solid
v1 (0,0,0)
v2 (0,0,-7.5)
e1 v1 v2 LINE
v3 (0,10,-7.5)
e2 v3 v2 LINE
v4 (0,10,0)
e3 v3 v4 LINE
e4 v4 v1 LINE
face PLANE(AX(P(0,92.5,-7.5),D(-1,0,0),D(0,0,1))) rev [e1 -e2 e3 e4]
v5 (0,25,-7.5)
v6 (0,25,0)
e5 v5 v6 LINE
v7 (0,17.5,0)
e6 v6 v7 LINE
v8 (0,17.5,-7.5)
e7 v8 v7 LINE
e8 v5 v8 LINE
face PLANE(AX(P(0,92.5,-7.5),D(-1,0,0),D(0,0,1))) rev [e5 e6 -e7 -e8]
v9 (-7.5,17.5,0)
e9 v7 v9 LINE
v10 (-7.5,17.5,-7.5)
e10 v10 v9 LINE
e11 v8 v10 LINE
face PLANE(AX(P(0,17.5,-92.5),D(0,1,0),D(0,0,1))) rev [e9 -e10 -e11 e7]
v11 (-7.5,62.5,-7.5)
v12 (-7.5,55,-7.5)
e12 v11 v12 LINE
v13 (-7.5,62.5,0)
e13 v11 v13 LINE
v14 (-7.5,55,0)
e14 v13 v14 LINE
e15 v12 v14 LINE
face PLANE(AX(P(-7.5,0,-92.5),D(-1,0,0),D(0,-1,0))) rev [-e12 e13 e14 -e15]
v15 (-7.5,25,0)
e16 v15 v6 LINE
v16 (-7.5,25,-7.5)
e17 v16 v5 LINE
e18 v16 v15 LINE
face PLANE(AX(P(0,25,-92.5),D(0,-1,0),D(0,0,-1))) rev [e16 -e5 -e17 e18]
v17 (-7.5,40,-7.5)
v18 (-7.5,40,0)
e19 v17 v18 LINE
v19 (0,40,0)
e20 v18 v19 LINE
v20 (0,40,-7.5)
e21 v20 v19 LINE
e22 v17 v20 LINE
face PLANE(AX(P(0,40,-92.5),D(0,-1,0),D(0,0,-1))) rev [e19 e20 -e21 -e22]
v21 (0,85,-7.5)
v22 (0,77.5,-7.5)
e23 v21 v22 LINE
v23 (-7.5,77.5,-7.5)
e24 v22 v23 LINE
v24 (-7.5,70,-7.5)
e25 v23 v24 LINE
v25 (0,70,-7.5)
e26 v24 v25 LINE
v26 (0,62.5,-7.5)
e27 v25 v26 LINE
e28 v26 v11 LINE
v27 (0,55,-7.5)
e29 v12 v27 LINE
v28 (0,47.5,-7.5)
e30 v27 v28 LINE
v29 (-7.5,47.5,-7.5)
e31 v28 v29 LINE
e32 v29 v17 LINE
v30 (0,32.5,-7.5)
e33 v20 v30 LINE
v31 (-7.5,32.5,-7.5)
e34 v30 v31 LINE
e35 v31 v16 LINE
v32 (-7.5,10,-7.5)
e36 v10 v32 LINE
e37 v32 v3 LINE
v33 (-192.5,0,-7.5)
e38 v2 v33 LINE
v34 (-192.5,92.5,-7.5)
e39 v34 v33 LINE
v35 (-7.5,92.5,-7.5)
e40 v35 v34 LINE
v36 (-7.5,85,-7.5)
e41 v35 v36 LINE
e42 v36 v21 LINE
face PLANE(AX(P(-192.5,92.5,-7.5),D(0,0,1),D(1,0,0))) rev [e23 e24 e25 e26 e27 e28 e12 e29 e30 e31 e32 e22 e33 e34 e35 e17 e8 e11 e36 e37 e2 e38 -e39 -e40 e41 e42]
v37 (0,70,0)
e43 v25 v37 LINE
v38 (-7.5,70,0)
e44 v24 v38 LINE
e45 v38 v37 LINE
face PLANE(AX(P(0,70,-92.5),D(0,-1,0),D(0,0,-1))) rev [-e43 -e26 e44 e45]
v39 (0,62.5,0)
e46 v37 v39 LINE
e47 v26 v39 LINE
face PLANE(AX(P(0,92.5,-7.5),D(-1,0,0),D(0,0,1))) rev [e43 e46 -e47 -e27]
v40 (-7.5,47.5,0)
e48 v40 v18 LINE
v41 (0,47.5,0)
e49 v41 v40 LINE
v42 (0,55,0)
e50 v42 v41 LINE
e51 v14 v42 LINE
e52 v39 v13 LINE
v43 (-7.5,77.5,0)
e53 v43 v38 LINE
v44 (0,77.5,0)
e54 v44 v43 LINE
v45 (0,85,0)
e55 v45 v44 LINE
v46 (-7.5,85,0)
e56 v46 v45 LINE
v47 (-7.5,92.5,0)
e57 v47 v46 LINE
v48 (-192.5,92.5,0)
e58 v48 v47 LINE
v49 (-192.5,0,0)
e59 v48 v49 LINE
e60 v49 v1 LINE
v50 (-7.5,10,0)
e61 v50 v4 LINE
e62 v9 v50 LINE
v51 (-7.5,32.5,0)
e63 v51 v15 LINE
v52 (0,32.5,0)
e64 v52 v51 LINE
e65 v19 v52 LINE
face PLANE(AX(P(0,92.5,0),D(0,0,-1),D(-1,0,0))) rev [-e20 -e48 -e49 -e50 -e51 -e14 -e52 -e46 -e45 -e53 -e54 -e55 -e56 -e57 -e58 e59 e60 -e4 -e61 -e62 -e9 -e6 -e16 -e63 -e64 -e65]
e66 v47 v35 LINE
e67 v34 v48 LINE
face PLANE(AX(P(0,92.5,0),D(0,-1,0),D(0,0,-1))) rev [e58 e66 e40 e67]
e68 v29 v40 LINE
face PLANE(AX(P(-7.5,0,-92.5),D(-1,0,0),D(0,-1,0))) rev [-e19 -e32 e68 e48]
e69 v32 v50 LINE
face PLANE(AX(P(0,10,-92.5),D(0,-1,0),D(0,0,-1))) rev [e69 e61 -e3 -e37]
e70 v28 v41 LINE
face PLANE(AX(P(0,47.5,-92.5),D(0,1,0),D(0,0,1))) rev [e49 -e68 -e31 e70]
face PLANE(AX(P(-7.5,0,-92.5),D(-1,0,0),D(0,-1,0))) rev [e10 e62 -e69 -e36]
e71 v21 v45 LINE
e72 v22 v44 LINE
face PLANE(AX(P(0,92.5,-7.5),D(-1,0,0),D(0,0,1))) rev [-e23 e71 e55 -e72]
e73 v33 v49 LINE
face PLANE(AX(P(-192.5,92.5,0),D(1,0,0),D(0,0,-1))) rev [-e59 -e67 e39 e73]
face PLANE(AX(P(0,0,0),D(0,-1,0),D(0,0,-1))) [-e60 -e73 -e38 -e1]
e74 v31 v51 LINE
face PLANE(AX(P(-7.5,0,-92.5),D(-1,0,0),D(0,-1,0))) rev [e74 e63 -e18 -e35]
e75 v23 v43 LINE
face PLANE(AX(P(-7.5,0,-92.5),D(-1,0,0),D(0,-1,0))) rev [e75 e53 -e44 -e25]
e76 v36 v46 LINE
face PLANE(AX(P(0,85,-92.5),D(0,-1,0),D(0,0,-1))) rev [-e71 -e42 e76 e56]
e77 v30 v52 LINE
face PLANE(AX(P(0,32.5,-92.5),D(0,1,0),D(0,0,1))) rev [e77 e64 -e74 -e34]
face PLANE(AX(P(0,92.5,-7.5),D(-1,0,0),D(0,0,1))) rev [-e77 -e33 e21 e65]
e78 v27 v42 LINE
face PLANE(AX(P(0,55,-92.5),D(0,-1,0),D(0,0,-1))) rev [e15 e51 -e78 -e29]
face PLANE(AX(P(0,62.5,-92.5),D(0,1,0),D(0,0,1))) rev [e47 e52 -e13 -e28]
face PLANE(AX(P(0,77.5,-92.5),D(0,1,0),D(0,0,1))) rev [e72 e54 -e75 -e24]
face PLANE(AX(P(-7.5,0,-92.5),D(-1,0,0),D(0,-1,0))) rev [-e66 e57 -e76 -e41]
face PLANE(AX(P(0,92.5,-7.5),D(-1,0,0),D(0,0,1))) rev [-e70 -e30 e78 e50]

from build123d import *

# Parameters (mm, degrees)
SKETCH1_W           = 192.5
SKETCH1_H           = 7.5
BOSS_EXTRUDE1_DEPTH = 92.5
SKETCH4_W           = 7.5
SKETCH4_H           = 7.5
CUT_EXTRUDE1_DEPTH  = 92.5


with BuildPart() as part:
    # Sketch1 → Boss-Extrude1 (new body)
    with BuildSketch(Plane(origin=(0, 0, 0), x_dir=(1, 0, 0), z_dir=(0, 1, 0))):
        with Locations((-96.25, 3.75)):
            Rectangle(SKETCH1_W, SKETCH1_H)
    extrude(amount=BOSS_EXTRUDE1_DEPTH)

    # Sketch4 → Cut-Extrude1 (cut)
    with BuildSketch(Plane.XY):
        with Locations((-3.75, 88.75)):
            Rectangle(SKETCH4_W, SKETCH4_H)
        with Locations((-3.75, 73.75)):
            Rectangle(SKETCH4_W, SKETCH4_H)
        with Locations((-3.75, 58.75)):
            Rectangle(SKETCH4_W, SKETCH4_H)
        with Locations((-3.75, 43.75)):
            Rectangle(SKETCH4_W, SKETCH4_H)
        with Locations((-3.75, 28.75)):
            Rectangle(SKETCH4_W, SKETCH4_H)
        with Locations((-3.75, 13.75)):
            Rectangle(SKETCH4_W, SKETCH4_H)
    extrude(amount=-CUT_EXTRUDE1_DEPTH, mode=Mode.SUBTRACT)


solid = part.part
